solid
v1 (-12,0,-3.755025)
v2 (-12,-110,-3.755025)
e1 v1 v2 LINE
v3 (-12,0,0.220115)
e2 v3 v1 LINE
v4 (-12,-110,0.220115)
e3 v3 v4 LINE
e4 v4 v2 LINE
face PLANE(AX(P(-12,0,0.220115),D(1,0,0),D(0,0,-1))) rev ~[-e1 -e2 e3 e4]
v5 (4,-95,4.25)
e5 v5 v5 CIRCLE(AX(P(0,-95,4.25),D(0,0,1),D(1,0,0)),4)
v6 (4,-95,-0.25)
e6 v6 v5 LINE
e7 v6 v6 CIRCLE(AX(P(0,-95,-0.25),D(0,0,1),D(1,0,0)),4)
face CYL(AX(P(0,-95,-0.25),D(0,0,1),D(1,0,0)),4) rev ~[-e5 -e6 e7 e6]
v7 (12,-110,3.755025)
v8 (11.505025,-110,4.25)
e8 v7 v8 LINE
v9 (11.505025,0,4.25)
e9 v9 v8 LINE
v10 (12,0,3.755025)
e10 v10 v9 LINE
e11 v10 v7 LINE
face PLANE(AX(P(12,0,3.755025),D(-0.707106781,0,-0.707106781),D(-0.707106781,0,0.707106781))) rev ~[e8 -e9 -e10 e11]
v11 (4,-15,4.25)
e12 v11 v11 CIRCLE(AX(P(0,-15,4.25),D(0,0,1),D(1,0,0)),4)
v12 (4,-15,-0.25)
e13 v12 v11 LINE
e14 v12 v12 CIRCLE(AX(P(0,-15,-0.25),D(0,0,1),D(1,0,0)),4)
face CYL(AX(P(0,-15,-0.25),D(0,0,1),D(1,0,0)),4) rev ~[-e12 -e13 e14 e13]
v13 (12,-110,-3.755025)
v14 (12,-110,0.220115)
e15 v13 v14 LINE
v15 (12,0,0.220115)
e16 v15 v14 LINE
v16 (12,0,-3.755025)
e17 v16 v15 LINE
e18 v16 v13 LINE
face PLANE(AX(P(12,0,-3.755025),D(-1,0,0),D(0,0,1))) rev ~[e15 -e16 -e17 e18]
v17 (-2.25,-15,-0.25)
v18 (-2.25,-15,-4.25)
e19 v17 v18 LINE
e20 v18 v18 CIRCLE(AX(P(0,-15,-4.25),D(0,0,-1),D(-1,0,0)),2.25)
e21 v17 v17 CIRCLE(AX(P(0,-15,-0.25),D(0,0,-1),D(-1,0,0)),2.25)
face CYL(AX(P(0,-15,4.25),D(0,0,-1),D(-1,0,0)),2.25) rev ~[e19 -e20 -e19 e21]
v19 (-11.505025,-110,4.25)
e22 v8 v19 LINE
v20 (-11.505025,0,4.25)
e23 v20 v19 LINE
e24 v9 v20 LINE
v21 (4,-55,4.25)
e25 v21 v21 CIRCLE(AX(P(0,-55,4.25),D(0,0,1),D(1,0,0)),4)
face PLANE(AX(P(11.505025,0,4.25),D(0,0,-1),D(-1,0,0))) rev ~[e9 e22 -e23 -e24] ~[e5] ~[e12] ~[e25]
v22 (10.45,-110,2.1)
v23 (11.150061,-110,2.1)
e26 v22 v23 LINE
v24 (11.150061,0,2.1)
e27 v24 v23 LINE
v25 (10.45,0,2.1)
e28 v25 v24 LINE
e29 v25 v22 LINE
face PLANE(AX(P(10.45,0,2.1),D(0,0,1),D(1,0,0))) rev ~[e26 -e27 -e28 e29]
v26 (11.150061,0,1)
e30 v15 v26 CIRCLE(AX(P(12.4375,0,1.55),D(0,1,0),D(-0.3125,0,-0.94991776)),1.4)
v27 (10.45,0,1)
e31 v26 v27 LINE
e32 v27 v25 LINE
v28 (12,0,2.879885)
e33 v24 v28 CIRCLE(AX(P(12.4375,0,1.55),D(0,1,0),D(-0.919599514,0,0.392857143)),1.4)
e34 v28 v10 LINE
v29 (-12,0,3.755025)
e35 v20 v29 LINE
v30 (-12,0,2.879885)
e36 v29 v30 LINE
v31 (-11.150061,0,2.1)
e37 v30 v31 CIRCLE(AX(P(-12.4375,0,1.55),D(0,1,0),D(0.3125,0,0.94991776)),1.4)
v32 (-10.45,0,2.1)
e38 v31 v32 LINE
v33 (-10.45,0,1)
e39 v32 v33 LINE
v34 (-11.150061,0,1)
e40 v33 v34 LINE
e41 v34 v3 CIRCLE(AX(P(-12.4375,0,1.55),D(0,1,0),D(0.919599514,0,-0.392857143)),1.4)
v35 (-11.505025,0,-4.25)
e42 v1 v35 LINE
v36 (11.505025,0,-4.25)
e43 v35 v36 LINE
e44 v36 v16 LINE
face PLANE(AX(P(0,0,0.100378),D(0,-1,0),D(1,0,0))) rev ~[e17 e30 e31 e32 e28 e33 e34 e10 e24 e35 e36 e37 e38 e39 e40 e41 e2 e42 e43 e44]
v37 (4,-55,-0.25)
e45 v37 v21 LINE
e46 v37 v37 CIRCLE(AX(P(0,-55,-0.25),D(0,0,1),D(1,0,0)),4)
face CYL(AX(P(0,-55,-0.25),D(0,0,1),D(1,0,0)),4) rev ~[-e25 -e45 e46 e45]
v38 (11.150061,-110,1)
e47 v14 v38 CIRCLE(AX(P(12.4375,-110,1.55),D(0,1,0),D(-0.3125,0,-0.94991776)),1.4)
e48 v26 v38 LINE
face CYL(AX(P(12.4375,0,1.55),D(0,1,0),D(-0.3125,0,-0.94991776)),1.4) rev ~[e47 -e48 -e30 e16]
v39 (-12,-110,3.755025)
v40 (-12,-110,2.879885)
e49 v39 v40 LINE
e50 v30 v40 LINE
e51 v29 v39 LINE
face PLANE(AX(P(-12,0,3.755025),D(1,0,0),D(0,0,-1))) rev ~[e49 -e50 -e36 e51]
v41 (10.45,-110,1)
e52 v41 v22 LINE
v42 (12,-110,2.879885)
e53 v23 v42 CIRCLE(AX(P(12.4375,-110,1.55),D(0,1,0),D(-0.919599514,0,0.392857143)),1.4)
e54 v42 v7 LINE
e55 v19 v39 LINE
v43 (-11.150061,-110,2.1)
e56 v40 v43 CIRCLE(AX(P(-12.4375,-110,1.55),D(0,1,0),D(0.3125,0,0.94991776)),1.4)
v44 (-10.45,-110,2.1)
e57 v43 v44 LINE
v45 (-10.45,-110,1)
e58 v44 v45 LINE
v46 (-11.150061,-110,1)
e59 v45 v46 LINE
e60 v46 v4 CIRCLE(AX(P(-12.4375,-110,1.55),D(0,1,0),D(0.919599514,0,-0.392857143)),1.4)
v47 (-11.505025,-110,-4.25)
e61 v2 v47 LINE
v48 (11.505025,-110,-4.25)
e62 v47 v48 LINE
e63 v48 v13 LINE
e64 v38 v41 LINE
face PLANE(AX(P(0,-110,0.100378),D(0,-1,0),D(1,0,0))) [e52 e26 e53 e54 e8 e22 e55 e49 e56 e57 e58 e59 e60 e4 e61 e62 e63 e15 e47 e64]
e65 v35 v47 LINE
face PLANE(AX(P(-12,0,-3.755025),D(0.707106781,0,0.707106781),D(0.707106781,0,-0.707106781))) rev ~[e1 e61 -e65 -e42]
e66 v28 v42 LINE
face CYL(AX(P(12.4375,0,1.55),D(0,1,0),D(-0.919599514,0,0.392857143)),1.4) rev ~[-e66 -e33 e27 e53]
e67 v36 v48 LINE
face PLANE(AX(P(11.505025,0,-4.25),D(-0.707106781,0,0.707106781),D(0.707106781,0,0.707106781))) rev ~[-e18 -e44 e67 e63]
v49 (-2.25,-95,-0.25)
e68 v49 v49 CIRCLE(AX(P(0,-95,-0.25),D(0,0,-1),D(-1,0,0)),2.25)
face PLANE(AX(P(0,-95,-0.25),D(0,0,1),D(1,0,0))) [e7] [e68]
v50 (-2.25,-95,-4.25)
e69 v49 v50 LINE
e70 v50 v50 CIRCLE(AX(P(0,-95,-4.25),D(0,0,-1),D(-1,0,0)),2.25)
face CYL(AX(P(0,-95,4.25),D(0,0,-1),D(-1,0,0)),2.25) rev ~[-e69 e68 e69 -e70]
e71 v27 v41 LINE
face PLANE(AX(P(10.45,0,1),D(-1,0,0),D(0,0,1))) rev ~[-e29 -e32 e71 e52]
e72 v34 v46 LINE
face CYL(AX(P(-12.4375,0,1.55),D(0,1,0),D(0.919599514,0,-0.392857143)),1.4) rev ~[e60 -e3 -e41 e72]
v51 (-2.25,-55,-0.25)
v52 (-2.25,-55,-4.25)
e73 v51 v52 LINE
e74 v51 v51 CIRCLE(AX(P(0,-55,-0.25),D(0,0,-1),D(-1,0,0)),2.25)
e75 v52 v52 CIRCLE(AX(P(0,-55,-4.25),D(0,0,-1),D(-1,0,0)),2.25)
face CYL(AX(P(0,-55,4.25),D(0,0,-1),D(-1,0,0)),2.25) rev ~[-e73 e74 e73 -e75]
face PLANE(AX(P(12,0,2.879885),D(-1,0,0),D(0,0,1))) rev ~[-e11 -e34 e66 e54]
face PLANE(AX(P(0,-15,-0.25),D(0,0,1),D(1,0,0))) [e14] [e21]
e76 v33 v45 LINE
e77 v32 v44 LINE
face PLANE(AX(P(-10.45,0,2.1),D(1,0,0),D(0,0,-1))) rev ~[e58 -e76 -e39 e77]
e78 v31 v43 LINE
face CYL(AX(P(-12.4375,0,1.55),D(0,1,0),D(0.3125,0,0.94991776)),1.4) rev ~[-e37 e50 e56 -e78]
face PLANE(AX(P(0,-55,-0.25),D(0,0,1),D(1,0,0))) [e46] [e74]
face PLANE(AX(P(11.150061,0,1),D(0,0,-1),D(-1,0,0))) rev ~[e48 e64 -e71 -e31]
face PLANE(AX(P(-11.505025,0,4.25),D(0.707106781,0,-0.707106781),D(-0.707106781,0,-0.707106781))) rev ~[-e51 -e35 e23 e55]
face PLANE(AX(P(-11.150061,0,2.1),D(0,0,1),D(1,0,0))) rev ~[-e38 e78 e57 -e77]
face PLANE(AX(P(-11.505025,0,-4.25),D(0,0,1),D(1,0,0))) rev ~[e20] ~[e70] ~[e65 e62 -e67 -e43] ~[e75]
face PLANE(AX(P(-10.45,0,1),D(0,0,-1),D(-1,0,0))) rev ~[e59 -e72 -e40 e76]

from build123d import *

# Parameters (mm, degrees)
F4_DEPTH       = 110
F6_D           = 4.5
F6_CBORE_D     = 8
F6_CBORE_DEPTH = 4.5


with BuildPart() as f4:
    # F3 (on Front) → F4 (new body)
    with BuildSketch(Plane.XZ):
        with BuildLine():
            Line((-11.5050252532, -4.25), (0, -4.25))
            Line((0, -4.25), (11.5050252532, -4.25))
            Line((11.5050252532, -4.25), (12, -3.7550252532))
            Line((12, -3.7550252532), (12, 0.2201151366))
            ThreePointArc((12, 0.2201151366), (11.4909752969, 0.5184521405), (11.150060681, 1))
            Line((11.150060681, 1), (10.45, 1))
            Line((10.45, 1), (10.45, 2.1))
            Line((10.45, 2.1), (11.150060681, 2.1))
            ThreePointArc((11.150060681, 2.1), (11.4909752969, 2.5815478595), (12, 2.8798848634))
            Line((12, 2.8798848634), (12, 3.7550252532))
            Line((12, 3.7550252532), (11.5050252532, 4.25))
            Line((11.5050252532, 4.25), (0, 4.25))
            Line((0, 4.25), (-11.5050252532, 4.25))
            Line((-11.5050252532, 4.25), (-12, 3.7550252532))
            Line((-12, 3.7550252532), (-12, 2.8798848634))
            ThreePointArc((-12, 2.8798848634), (-11.4909752969, 2.5815478595), (-11.150060681, 2.1))
            Line((-11.150060681, 2.1), (-10.45, 2.1))
            Line((-10.45, 2.1), (-10.45, 1))
            Line((-10.45, 1), (-11.150060681, 1))
            ThreePointArc((-11.150060681, 1), (-11.4909752969, 0.5184521405), (-12, 0.2201151366))
            Line((-12, 0.2201151366), (-12, -3.7550252532))
            Line((-12, -3.7550252532), (-11.5050252532, -4.25))
        make_face()
    extrude(amount=F4_DEPTH)

    # F6 (through all)
    with Locations(Plane.XY.offset(4.25)):
        with Locations((0, -95), (0, -335), (0, -15), (0, -455), (0, -295), (0, -495), (0, -175), (0, -135), (0, -255), (0, -415), (0, -215), (0, -615), (0, -375), (0, -575), (0, -535), (0, -55), (0, -1535), (0, -1055), (0, -1375), (0, -1615), (0, -1215), (0, -775), (0, -1175), (0, -1455), (0, -1335), (0, -1495), (0, -1295), (0, -1255), (0, -975), (0, -1015), (0, -815), (0, -935), (0, -695), (0, -855), (0, -1135), (0, -895), (0, -735), (0, -1575), (0, -1095), (0, -1415), (0, -1655), (0, -655), (0, -1895), (0, -1775), (0, -1695), (0, -1975), (0, -1815), (0, -1935), (0, -1735), (0, -1855)):
            CounterBoreHole(F6_D / 2, F6_CBORE_D / 2, F6_CBORE_DEPTH)


solid = f4.part
